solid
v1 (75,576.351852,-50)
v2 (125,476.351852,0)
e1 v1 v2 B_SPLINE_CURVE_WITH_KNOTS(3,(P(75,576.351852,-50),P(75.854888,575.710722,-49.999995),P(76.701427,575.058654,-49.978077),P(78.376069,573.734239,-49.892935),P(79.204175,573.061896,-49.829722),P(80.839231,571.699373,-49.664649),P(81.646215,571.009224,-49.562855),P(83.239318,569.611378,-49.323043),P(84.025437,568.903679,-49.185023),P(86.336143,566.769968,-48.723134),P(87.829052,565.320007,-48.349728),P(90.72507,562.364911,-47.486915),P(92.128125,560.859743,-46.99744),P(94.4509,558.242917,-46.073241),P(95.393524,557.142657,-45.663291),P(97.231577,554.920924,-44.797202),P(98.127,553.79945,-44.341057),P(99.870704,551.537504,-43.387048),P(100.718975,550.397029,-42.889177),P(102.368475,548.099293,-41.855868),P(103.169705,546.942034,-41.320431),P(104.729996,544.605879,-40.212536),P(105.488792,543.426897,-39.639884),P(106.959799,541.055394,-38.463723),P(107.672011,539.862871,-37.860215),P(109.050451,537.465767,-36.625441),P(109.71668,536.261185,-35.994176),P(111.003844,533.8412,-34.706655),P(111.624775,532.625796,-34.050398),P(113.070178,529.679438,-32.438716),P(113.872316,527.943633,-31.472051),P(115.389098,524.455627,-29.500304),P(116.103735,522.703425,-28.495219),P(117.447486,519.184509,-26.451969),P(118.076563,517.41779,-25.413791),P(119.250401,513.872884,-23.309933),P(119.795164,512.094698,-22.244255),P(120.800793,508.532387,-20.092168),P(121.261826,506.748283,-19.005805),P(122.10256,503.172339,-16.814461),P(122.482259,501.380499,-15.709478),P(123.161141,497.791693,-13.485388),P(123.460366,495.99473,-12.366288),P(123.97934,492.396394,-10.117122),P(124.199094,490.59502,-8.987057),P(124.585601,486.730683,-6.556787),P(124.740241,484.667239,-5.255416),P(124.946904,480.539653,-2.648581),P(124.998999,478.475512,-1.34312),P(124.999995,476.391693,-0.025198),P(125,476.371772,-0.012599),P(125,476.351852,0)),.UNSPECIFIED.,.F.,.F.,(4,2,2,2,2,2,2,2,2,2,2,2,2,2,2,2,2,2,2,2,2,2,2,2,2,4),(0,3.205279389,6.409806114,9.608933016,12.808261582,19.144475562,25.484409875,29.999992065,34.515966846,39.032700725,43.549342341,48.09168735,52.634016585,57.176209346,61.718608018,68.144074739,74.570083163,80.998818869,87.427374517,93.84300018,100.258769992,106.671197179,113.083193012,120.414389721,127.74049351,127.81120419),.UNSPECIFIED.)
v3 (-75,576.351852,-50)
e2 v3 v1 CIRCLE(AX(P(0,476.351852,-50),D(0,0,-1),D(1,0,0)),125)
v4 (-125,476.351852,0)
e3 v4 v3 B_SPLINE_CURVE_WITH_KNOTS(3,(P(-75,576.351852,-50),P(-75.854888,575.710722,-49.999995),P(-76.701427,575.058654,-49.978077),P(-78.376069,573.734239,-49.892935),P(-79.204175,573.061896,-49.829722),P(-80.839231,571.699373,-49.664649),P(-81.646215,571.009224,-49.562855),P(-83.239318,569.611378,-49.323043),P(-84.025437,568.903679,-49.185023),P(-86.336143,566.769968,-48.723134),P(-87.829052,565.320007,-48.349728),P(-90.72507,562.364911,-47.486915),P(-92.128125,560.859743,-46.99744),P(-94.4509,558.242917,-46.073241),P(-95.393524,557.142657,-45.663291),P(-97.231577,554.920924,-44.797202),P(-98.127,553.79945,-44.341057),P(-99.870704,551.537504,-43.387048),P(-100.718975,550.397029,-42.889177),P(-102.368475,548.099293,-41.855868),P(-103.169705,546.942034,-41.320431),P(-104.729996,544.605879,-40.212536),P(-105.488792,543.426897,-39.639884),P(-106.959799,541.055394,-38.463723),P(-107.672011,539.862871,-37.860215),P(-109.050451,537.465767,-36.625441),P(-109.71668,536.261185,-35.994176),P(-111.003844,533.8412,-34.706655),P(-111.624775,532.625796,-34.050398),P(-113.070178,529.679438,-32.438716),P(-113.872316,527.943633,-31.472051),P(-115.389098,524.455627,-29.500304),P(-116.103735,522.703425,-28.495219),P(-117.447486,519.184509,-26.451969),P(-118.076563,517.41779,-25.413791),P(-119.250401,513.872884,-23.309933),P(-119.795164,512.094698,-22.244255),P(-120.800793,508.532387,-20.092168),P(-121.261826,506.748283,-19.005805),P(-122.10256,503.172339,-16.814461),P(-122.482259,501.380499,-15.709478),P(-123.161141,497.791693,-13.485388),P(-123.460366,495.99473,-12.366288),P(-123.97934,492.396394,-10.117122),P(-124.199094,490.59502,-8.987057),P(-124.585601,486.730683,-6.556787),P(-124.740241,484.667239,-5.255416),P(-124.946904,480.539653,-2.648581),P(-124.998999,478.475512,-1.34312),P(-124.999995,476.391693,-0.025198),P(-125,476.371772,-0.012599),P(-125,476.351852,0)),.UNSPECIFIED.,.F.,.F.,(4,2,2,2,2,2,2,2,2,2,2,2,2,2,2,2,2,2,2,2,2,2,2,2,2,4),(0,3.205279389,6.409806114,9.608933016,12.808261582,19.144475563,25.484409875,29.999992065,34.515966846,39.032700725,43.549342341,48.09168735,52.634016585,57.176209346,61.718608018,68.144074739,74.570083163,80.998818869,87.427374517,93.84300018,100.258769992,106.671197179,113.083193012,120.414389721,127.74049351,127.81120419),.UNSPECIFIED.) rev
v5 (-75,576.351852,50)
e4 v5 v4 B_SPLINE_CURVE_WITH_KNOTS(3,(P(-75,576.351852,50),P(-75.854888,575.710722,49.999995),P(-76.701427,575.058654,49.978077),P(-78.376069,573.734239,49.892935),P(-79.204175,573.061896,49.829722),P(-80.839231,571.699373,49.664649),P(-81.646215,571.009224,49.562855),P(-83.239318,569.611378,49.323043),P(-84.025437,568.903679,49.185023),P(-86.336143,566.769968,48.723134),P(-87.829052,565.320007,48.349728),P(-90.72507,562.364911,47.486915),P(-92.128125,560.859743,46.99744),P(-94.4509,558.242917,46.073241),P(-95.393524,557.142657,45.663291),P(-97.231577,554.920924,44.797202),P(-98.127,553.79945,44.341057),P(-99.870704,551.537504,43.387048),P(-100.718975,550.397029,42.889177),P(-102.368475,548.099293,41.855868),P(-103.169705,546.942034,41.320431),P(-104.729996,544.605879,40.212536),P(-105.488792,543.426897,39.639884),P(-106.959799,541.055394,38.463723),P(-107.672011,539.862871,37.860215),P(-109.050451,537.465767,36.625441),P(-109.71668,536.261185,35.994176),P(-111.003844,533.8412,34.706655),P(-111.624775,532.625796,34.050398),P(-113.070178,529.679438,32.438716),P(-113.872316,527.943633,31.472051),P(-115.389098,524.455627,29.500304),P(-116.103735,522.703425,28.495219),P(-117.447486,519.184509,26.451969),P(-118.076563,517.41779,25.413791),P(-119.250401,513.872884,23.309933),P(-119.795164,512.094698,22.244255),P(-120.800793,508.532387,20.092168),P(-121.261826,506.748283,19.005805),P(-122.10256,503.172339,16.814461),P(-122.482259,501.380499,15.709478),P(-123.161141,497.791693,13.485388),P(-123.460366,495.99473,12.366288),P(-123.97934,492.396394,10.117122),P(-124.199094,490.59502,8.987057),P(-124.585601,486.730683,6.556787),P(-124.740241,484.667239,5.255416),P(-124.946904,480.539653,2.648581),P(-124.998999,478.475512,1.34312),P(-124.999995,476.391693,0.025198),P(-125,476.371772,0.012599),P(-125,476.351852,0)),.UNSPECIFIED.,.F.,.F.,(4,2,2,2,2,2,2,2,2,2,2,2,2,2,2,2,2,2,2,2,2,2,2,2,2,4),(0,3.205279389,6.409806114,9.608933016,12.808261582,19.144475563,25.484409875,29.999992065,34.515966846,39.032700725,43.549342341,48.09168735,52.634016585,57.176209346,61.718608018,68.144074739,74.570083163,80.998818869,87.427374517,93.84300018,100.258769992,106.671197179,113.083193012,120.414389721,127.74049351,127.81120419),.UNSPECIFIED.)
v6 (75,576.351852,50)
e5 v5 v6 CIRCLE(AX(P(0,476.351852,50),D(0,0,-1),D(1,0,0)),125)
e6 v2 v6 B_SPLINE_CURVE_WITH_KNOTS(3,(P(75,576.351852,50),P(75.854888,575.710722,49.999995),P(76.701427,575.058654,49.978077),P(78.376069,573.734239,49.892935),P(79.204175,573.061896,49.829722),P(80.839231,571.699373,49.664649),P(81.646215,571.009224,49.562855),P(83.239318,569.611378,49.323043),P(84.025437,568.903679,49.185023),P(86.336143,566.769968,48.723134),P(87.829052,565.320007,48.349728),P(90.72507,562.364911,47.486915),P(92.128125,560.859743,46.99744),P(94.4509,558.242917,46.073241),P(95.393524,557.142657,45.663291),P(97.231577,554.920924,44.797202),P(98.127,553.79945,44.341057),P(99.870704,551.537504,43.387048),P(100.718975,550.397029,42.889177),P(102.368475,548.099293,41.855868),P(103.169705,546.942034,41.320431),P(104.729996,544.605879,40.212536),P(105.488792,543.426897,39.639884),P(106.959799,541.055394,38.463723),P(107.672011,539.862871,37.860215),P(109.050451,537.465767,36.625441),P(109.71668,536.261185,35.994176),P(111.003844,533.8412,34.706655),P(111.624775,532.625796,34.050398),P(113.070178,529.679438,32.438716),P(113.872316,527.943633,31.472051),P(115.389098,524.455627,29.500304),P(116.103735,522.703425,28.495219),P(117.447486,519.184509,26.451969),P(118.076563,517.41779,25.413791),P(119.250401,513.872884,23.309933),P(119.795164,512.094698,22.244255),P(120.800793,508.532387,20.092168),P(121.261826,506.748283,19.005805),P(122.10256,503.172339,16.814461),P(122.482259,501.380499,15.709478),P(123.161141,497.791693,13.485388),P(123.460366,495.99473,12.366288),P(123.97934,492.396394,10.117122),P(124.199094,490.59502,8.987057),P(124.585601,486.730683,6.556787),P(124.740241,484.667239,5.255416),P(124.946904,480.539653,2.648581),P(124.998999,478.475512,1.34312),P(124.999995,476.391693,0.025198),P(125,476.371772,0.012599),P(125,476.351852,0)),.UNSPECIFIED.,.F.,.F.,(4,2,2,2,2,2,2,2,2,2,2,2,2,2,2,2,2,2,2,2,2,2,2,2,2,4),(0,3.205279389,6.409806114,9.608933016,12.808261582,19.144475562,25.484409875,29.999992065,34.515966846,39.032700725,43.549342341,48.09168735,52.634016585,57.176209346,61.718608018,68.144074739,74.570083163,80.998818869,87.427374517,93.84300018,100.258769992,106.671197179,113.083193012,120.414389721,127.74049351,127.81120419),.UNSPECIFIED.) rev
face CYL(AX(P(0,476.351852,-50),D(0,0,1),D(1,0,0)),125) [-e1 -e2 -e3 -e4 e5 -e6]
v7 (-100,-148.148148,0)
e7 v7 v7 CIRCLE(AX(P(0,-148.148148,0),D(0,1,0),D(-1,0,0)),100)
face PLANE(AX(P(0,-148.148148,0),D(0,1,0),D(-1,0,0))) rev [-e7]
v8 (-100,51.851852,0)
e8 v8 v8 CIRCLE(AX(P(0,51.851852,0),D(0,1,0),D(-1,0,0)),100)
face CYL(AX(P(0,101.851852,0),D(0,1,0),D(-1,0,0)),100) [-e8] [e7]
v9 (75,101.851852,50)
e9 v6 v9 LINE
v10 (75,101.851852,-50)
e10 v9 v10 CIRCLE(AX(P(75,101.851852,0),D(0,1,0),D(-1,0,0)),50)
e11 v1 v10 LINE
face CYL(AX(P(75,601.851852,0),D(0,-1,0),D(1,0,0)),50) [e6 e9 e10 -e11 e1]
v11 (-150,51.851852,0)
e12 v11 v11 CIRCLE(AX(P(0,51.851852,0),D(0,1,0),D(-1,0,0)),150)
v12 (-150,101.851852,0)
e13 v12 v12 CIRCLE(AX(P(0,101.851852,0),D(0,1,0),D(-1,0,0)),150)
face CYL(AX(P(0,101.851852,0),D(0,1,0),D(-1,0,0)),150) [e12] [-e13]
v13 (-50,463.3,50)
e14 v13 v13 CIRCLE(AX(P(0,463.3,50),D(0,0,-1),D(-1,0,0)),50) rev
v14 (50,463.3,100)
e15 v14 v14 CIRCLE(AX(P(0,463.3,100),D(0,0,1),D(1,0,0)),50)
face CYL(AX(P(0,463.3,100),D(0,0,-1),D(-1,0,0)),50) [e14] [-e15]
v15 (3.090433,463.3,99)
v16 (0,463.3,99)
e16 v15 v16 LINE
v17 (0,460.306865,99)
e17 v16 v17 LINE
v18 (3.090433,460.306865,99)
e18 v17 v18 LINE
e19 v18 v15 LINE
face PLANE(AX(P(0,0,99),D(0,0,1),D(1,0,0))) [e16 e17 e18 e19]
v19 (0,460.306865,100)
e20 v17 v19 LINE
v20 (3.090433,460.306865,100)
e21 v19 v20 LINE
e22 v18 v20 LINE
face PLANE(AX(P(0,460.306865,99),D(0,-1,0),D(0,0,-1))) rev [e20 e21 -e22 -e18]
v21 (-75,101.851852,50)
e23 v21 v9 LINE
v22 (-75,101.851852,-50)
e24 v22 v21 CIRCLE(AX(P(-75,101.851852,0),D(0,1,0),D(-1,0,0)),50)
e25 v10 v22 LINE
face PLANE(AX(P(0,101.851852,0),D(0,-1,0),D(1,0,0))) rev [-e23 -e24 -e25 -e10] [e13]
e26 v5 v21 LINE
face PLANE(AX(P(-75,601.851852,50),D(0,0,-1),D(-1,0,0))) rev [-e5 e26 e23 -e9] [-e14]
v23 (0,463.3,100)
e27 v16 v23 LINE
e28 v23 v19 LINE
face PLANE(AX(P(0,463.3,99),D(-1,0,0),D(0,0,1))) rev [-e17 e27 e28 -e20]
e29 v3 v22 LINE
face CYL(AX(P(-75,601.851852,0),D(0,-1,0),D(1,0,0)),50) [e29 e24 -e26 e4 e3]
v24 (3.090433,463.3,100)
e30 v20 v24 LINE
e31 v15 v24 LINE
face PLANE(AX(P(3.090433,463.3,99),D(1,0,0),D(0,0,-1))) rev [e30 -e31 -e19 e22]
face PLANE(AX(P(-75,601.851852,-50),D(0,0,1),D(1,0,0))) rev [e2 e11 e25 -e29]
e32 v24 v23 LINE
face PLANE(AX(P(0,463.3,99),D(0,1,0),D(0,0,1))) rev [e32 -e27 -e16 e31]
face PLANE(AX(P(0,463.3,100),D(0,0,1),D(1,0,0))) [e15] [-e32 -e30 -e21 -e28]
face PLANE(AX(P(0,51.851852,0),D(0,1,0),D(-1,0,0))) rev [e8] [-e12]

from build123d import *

# Parameters (mm, degrees)
BOSS_EXTRUDE1_DEPTH = 500
CUT_EXTRUDE1_DEPTH  = 100
SKETCH9_R           = 50
BOSS_EXTRUDE2_DEPTH = 50
SKETCH10_W          = 3.090432628
SKETCH10_H          = 2.993135046
CUT_EXTRUDE2_DEPTH  = 1


with BuildPart() as part:
    # Sketch4 → Revolve1 (revolve)
    with BuildSketch(Plane.XY):
        Polygon((0, 101.851851852), (0, -148.148148148), (100, -148.148148148), (100, 51.851851852), (150, 51.851851852), (150, 101.851851852), align=None)
    revolve(axis=Axis((0, 101.851851852, 0), (0, -1, 0)))

    # Sketch7 → Boss-Extrude1 (add)
    with BuildSketch(Plane(origin=(0, 101.851851852, 0), x_dir=(1, 0, 0), z_dir=(0, 1, 0))):
        with BuildLine():
            Line((-75, 50), (75, 50))
            ThreePointArc((75, 50), (125, 0), (75, -50))
            Line((75, -50), (-75, -50))
            ThreePointArc((-75, -50), (-125, 0), (-75, 50))
        make_face()
    extrude(amount=BOSS_EXTRUDE1_DEPTH)

    # Sketch8 → Cut-Extrude1 (cut)
    with BuildSketch(Plane.XY.offset(50)):
        with BuildLine():
            Line((-125, 476.351851852), (-125, 601.851851852))
            Line((-125, 601.851851852), (125, 2101.851851852))
            Line((125, 2101.851851852), (125, 476.351851852))
            ThreePointArc((125, 476.351851852), (0, 601.351851852), (-125, 476.351851852))
        make_face()
    extrude(amount=-CUT_EXTRUDE1_DEPTH, mode=Mode.SUBTRACT)

    # Sketch9 → Boss-Extrude2 (add)
    with BuildSketch(Plane.XY.offset(50)):
        with Locations((0, 463.3)):
            Circle(SKETCH9_R)
    extrude(amount=BOSS_EXTRUDE2_DEPTH)

    # Sketch10 → Cut-Extrude2 (cut)
    with BuildSketch(Plane.XY.offset(100)):
        with Locations((1.545216314, 461.803432477)):
            Rectangle(SKETCH10_W, SKETCH10_H)
    extrude(amount=-CUT_EXTRUDE2_DEPTH, mode=Mode.SUBTRACT)


solid = part.part
